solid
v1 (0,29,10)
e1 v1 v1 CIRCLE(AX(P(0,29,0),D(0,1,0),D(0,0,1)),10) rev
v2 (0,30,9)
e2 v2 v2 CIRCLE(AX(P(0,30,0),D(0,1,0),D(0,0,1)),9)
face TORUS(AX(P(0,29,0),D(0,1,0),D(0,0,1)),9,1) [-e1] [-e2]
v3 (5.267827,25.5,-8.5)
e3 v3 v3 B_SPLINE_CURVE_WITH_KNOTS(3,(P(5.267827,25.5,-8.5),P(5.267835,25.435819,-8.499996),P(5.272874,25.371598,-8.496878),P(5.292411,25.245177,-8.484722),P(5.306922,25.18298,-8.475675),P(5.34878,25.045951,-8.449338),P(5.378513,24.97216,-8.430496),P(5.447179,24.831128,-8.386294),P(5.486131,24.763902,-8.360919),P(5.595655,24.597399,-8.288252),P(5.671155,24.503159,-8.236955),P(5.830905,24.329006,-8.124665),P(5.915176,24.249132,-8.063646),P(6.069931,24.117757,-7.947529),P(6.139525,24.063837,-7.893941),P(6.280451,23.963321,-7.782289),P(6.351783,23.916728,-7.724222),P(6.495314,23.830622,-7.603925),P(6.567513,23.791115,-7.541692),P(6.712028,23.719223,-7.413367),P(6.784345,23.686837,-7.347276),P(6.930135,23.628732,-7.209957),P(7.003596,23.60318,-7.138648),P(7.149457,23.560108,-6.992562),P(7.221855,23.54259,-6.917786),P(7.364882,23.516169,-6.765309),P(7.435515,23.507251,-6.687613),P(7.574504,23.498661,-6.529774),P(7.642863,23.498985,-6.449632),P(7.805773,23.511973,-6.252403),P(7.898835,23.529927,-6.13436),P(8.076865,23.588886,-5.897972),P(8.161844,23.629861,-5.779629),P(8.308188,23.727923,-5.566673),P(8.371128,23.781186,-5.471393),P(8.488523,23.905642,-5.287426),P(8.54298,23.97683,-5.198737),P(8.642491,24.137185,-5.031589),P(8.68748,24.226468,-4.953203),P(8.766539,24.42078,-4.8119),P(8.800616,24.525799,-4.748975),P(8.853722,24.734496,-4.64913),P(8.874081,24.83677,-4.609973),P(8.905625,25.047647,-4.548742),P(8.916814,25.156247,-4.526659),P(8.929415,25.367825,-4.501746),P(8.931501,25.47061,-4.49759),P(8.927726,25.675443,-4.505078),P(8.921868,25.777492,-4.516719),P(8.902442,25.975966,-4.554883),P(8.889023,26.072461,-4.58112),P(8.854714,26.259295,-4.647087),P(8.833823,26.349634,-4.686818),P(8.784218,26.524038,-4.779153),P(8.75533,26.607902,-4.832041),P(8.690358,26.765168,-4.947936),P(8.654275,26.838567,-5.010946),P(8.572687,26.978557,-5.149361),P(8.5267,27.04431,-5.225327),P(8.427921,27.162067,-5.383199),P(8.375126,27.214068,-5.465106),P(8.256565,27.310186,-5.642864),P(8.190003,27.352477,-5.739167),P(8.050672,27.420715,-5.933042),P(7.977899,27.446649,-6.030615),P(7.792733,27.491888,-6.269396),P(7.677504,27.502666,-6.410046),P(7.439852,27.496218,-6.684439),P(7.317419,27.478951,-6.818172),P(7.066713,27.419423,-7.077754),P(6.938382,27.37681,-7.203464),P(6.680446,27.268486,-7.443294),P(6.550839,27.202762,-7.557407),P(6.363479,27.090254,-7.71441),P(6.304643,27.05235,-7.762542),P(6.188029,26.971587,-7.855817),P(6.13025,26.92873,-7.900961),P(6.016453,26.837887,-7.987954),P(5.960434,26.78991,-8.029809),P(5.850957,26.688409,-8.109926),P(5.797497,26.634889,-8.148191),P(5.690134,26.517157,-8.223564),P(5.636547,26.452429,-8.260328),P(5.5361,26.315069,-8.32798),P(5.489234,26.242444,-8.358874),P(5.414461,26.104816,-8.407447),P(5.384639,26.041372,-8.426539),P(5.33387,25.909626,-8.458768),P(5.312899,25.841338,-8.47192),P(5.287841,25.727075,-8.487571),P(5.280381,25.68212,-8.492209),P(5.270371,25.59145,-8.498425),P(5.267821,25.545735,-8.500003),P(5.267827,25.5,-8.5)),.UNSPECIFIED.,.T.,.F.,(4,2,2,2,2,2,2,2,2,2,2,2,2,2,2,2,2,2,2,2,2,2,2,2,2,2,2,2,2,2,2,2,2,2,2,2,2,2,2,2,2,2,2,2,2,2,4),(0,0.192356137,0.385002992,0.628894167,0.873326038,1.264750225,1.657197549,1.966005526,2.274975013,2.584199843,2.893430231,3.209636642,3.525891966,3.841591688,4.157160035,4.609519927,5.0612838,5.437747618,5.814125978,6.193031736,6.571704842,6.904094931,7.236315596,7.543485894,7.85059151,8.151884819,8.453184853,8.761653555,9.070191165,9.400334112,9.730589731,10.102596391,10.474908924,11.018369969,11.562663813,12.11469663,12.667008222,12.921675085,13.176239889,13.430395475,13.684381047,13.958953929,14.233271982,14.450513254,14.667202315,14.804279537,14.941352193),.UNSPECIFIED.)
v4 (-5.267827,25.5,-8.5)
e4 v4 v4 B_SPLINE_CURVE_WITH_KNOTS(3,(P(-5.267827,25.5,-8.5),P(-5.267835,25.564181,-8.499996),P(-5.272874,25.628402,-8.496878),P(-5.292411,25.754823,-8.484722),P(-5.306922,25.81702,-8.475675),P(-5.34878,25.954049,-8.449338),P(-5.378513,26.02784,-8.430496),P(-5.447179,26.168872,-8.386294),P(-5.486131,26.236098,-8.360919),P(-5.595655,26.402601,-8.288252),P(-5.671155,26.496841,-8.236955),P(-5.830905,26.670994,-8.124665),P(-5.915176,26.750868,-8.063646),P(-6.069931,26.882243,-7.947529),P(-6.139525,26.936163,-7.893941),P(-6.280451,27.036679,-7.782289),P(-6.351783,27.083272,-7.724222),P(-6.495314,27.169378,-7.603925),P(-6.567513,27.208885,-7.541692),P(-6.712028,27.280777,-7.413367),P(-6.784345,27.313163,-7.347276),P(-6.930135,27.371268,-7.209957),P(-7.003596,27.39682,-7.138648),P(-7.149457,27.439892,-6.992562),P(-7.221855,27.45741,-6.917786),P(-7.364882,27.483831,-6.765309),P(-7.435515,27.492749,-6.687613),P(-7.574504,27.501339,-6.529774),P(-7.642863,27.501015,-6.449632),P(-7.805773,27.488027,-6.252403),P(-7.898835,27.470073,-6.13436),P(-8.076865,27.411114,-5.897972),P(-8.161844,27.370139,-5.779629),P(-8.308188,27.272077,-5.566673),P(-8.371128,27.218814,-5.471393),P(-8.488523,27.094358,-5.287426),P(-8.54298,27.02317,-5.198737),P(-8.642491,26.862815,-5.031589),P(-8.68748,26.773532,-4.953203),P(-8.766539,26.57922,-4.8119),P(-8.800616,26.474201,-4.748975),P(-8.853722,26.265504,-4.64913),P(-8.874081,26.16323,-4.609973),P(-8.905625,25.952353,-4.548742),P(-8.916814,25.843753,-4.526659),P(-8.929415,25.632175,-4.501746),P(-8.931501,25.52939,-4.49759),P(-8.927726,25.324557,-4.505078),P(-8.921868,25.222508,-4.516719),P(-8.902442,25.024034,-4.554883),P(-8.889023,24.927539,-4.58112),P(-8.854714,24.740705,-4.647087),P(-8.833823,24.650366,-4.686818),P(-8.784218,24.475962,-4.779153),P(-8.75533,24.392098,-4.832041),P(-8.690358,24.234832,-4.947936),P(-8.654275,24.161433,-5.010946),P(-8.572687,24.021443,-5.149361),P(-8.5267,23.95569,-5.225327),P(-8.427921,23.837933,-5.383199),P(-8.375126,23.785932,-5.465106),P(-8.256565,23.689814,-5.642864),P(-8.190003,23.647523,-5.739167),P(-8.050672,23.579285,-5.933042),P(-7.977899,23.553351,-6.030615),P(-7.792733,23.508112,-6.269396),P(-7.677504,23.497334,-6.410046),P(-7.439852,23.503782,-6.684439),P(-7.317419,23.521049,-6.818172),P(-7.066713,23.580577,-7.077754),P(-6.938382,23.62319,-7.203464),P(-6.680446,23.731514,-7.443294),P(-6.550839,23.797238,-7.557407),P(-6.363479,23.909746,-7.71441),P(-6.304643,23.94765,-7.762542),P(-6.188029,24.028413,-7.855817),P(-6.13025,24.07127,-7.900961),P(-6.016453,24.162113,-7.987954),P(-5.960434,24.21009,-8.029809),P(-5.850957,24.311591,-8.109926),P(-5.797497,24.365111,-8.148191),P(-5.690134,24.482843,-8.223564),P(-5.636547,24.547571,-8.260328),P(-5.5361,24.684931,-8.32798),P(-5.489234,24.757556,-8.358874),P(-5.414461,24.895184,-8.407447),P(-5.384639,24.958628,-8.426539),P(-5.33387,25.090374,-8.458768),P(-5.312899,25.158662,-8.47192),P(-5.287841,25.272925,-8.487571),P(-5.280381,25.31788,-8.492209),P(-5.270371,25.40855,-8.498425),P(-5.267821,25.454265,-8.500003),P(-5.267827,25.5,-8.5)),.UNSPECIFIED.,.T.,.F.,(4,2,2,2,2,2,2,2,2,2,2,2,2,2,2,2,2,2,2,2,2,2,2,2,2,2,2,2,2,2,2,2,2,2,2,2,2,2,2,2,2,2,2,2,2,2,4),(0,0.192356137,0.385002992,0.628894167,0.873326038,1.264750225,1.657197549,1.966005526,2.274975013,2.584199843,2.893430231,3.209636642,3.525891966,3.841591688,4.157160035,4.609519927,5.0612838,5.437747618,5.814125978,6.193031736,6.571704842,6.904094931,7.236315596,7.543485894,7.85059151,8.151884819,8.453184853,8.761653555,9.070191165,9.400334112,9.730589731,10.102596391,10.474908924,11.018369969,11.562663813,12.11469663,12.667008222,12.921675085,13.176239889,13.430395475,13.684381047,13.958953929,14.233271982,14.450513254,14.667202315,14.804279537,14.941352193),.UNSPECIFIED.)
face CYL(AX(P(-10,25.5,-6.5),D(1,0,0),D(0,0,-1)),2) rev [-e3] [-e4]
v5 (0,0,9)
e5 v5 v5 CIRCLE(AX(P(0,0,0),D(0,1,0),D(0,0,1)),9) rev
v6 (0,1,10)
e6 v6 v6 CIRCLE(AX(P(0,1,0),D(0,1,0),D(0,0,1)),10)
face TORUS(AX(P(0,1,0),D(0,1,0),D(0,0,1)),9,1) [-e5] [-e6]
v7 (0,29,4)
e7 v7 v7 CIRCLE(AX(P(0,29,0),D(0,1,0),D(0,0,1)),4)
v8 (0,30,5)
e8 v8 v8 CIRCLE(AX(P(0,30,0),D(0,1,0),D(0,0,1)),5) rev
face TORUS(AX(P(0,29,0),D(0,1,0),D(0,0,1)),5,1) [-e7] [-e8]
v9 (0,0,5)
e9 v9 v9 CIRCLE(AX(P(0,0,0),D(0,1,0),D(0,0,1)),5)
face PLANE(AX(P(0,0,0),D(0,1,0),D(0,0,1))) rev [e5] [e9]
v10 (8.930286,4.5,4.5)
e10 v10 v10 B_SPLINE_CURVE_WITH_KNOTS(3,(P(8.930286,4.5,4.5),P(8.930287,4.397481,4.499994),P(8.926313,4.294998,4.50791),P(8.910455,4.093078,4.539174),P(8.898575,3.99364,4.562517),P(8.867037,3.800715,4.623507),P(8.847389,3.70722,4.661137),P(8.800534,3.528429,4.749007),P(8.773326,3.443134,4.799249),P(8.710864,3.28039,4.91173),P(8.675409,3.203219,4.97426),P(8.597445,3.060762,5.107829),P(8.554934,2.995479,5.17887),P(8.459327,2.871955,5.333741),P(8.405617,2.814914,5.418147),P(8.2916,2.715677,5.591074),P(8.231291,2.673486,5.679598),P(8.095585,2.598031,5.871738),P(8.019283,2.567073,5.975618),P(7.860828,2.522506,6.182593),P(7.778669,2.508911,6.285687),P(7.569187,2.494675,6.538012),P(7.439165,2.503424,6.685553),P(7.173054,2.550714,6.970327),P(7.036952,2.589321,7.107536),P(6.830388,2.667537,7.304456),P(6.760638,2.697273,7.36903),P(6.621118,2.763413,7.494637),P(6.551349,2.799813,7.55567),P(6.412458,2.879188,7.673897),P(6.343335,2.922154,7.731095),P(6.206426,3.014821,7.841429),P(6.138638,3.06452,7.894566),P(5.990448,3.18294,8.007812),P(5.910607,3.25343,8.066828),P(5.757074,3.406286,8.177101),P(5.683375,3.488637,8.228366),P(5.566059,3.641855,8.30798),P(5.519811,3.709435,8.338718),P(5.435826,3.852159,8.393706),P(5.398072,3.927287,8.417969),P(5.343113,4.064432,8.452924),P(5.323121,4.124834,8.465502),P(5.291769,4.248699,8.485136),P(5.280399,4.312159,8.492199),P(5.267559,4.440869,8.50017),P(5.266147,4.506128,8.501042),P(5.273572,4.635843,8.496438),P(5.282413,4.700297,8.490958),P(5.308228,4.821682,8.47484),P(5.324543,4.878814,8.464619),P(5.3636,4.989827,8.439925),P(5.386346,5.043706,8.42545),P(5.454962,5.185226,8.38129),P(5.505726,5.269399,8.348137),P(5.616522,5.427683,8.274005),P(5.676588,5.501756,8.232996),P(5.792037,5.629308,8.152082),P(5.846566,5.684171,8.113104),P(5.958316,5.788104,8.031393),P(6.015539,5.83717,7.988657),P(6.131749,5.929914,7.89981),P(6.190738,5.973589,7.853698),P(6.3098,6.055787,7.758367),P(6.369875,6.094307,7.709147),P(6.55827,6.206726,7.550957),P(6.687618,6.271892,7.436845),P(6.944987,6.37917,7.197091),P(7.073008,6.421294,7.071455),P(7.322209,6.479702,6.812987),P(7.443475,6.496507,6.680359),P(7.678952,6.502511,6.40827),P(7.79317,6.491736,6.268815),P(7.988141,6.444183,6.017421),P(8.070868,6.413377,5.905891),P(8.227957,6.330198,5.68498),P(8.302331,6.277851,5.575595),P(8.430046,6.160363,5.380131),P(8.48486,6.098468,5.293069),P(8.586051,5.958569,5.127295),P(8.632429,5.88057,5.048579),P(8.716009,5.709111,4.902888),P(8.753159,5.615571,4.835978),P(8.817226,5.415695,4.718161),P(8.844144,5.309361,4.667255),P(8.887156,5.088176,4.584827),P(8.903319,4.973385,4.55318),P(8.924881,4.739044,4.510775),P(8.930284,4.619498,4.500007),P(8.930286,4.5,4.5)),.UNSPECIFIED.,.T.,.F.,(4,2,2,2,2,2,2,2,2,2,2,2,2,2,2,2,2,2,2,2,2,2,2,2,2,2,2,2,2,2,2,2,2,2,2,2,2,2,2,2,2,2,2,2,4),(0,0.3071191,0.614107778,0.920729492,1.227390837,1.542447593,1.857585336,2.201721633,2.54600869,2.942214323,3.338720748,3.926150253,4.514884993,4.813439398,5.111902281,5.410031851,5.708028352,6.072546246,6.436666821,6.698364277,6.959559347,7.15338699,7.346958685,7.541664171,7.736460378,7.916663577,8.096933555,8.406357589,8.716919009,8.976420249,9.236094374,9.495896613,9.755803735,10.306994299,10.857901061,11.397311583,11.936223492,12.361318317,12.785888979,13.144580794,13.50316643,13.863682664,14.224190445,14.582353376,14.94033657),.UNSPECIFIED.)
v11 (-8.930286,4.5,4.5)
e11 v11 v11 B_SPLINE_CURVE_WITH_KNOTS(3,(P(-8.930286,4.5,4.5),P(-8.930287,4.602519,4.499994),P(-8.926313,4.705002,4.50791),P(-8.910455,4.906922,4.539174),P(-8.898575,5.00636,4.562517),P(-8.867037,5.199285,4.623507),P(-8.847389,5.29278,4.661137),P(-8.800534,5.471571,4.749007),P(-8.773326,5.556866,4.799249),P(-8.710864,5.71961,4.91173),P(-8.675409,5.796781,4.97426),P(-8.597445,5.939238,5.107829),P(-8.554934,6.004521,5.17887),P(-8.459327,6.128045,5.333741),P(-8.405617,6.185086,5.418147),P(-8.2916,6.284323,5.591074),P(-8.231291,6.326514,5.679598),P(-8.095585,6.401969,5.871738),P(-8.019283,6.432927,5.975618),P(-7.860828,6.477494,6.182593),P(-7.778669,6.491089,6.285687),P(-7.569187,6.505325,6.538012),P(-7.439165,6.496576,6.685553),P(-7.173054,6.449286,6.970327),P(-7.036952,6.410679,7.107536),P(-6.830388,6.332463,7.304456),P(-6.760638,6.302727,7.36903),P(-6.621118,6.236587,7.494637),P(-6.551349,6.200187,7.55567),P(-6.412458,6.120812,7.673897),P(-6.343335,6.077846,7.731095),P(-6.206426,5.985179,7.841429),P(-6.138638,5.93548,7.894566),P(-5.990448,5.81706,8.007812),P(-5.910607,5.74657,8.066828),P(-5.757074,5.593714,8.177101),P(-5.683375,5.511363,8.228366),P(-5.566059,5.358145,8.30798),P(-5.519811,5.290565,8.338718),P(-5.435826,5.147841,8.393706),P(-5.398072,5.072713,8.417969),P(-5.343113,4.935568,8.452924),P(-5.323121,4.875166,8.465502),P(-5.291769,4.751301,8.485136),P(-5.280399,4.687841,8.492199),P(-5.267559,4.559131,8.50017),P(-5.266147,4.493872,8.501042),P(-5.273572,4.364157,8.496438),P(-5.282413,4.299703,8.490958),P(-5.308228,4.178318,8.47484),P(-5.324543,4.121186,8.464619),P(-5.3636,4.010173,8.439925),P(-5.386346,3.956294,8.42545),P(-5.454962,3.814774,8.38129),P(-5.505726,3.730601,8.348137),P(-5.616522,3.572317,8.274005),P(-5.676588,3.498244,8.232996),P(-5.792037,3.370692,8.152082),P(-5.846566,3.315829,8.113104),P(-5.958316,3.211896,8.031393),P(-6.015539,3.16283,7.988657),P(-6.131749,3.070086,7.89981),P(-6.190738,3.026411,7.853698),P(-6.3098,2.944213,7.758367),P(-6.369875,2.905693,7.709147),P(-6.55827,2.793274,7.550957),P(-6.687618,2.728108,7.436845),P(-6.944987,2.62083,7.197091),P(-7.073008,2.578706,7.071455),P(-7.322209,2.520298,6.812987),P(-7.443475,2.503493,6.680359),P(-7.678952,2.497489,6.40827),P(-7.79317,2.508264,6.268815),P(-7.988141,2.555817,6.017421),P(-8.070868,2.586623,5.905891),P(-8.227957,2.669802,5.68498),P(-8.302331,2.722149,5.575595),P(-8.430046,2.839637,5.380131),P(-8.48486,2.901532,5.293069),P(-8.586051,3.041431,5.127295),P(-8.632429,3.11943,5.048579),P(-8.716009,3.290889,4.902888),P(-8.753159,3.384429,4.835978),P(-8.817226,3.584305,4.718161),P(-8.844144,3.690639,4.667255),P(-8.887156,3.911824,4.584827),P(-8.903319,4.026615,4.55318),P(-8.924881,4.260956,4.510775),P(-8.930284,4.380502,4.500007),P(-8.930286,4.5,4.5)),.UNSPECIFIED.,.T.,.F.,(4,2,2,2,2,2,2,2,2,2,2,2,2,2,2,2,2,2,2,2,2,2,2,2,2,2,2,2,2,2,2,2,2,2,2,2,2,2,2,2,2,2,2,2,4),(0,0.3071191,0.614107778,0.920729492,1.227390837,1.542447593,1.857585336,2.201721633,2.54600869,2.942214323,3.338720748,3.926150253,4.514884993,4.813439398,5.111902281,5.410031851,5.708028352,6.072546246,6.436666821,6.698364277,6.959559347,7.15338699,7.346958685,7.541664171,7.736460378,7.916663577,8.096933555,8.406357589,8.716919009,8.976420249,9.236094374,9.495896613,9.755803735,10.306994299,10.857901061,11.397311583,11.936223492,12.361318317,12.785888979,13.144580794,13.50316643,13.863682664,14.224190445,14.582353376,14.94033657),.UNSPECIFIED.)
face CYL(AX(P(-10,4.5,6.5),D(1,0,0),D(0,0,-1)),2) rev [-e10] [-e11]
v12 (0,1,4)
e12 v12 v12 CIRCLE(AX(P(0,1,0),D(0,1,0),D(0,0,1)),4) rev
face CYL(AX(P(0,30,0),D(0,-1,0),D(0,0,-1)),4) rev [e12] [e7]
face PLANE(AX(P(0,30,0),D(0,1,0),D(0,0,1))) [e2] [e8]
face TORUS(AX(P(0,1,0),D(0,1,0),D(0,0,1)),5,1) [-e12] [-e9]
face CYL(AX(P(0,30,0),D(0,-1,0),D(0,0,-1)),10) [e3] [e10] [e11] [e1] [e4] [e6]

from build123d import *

# Parameters (mm, degrees)
SKETCH1_R               = 10
SKETCH1_R_2             = 4
BOSS_EXTRUDE1_DEPTH     = 30
SKETCH2_R               = 2
CUT_EXTRUDE1_DEPTH      = 11
CUT_EXTRUDE1_DEPTH_BACK = 11
FILLET1_R               = 1


with BuildPart() as part:
    # Sketch1 → Boss-Extrude1 (new body)
    with BuildSketch(Plane(origin=(0, 0, 0), x_dir=(1, 0, 0), z_dir=(0, 1, 0))):
        Circle(SKETCH1_R)
        Circle(SKETCH1_R_2, mode=Mode.SUBTRACT)
    extrude(amount=BOSS_EXTRUDE1_DEPTH)

    # Sketch2 → Cut-Extrude1 (cut, two sides)
    with BuildSketch(Plane(origin=(0, 0, 0), x_dir=(0, 0, -1), z_dir=(1, 0, 0))) as cut_extrude1_sk:
        with Locations((6.5, 25.5)):
            Circle(SKETCH2_R)
        with Locations((-6.5, 4.5)):
            Circle(SKETCH2_R)
    extrude(amount=CUT_EXTRUDE1_DEPTH, mode=Mode.SUBTRACT)
    extrude(cut_extrude1_sk.sketch, amount=-CUT_EXTRUDE1_DEPTH_BACK, mode=Mode.SUBTRACT)

    # Fillet1
    fillet1_edges = [part.edges().sort_by_distance(p)[0] for p in [
        (-10, 0, 0),
        (-10, 30, 0),
        (-4, 0, 0),
        (-4, 30, 0),
    ]]
    fillet(fillet1_edges, radius=FILLET1_R)


solid = part.part
